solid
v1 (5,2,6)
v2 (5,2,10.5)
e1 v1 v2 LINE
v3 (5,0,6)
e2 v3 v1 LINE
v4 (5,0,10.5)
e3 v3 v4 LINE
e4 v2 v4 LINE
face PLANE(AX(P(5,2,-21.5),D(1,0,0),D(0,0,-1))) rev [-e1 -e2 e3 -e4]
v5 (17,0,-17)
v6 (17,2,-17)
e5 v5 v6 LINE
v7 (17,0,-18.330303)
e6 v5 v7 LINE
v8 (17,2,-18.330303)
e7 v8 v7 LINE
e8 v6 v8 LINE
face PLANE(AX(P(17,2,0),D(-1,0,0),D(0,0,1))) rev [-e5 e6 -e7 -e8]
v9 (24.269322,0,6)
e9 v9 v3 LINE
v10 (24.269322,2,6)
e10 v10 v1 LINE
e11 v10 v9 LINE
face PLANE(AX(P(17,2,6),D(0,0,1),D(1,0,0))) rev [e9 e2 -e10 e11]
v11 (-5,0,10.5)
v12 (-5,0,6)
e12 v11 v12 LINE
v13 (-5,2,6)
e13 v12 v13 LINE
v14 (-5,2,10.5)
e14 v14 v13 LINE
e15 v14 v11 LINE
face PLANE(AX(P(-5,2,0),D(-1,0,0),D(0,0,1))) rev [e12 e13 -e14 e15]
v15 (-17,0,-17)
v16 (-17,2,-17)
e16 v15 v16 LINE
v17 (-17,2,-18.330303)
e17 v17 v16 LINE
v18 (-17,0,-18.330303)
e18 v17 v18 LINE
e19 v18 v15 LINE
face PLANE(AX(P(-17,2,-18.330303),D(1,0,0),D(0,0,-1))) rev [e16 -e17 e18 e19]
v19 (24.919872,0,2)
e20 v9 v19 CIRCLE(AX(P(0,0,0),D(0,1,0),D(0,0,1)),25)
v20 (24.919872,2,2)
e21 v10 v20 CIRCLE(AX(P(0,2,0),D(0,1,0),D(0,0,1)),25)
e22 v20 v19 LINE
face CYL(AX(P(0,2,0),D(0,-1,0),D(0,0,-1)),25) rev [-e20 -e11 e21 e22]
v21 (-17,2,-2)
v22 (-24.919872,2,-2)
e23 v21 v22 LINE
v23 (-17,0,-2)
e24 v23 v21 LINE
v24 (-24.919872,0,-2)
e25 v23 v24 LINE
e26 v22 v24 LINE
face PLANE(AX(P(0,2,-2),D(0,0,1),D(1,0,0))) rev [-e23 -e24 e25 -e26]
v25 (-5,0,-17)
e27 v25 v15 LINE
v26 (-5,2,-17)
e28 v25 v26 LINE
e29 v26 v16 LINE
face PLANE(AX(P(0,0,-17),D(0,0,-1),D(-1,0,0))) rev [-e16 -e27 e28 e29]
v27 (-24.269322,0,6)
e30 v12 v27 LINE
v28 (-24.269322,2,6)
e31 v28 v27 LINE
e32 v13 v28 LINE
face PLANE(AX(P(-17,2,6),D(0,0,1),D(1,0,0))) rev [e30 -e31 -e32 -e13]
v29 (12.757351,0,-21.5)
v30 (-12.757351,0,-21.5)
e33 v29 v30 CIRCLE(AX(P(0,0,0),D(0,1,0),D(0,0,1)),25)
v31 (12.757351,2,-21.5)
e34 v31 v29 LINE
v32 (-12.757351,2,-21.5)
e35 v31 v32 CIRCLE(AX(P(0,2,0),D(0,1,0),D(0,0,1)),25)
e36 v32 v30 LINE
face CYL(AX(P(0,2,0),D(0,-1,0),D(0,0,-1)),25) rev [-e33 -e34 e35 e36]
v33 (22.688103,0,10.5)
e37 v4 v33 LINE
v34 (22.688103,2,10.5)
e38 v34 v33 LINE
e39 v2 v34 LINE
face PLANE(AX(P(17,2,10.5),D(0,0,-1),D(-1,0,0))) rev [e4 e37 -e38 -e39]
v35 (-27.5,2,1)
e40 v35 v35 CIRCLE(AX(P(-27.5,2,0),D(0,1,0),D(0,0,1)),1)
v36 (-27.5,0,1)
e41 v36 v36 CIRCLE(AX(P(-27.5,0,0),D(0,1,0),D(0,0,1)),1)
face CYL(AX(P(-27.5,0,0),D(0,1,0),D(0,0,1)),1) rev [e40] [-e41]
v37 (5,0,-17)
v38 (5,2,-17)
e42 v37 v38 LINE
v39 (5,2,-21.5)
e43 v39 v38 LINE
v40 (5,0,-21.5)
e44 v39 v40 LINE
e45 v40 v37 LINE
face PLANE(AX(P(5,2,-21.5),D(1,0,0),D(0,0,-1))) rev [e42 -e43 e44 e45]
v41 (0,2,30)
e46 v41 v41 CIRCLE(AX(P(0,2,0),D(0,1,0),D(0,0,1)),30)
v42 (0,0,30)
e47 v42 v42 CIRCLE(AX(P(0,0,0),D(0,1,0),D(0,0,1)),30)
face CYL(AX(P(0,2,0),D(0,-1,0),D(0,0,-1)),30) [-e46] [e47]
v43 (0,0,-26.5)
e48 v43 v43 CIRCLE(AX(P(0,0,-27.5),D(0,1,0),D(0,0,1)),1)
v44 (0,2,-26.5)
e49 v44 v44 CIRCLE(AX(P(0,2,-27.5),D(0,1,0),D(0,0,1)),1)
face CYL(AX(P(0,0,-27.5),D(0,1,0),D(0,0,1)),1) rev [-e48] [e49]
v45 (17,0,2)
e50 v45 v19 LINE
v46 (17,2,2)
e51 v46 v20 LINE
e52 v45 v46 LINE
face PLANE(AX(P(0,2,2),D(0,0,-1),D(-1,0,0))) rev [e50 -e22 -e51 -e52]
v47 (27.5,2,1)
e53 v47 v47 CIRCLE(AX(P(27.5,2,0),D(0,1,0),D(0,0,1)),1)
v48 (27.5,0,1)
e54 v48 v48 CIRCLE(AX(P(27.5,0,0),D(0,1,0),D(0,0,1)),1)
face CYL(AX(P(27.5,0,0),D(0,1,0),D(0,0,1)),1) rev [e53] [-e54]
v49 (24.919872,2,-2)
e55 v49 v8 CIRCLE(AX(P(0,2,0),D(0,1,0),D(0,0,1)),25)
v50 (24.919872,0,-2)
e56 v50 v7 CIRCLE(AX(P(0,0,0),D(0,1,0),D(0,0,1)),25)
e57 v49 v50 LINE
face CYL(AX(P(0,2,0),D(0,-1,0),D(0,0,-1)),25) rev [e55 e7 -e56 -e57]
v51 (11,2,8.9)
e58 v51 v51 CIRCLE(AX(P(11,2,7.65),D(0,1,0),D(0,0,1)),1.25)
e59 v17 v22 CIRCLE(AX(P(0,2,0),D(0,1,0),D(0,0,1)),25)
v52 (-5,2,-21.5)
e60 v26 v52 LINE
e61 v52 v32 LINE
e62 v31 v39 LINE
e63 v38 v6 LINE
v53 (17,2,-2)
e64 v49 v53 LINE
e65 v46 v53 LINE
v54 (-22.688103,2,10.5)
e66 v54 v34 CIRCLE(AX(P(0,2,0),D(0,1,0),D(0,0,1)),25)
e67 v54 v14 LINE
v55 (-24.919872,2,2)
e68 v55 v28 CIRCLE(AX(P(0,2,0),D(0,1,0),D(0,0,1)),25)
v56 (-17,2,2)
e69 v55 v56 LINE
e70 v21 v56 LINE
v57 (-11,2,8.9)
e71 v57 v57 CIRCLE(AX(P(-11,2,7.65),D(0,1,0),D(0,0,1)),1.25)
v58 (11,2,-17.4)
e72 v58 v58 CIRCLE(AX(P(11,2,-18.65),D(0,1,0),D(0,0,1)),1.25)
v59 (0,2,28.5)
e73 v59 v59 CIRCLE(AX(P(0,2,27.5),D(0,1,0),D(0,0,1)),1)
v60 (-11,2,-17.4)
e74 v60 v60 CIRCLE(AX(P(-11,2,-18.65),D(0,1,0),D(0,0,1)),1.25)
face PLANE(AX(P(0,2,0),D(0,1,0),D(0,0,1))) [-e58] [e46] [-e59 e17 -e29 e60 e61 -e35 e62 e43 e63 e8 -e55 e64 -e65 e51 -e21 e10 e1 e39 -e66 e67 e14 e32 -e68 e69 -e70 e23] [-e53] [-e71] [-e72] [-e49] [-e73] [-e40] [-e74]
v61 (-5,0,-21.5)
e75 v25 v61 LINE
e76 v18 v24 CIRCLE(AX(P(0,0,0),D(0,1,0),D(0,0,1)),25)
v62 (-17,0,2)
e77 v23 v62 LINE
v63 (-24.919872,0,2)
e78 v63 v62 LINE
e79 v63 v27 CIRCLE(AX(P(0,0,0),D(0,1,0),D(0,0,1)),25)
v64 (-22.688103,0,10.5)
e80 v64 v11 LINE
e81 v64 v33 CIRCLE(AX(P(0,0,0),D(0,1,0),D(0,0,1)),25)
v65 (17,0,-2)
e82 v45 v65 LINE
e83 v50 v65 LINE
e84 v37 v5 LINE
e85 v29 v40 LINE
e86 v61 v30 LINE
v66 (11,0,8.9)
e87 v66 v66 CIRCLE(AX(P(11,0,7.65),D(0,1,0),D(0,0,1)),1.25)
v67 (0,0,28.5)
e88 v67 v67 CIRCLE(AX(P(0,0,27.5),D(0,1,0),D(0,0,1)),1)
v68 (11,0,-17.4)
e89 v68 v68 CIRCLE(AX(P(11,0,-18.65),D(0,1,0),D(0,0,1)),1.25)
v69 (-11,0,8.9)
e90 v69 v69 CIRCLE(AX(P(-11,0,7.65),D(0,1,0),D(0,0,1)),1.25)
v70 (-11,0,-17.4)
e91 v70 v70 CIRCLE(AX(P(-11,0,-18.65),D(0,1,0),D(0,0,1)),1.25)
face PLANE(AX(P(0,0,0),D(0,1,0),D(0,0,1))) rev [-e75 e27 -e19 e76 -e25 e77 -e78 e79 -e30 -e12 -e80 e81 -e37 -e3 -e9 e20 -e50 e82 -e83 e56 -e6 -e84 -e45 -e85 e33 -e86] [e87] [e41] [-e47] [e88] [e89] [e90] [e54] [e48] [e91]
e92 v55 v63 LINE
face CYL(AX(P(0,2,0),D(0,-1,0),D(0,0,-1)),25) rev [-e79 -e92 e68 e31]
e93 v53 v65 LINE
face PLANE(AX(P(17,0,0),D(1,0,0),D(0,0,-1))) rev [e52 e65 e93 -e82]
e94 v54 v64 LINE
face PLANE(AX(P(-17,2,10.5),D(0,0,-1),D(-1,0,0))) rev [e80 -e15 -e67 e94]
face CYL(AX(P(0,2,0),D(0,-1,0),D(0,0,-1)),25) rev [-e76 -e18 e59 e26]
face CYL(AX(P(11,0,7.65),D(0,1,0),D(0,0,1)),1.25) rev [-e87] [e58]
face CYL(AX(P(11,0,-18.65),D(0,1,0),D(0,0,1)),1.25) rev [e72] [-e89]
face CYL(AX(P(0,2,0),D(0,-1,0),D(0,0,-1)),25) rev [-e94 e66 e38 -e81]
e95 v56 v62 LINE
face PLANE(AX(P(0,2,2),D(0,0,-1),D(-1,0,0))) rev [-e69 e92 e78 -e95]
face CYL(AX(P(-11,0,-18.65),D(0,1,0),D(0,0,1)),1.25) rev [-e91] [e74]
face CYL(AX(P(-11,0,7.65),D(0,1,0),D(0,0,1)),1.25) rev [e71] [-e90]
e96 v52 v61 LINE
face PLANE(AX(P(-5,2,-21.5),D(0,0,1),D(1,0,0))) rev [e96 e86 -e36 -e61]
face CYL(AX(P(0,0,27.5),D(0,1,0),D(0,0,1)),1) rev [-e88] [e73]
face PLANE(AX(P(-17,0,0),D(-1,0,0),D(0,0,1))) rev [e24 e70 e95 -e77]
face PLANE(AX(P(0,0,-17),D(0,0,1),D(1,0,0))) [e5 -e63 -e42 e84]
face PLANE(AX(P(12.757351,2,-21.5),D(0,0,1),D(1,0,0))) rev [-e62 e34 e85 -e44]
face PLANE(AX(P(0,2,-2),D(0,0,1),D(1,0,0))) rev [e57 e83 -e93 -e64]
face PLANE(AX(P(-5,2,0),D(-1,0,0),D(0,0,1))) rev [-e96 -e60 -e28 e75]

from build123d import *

# Parameters (mm, degrees)
SKETCH1_R           = 30
SKETCH1_R_2         = 25
BOSS_EXTRUDE1_DEPTH = 2
SKETCH2_R           = 1
CUT_EXTRUDE1_DEPTH  = 43.473521163
BOSS_EXTRUDE2_DEPTH = 2
BOSS_EXTRUDE3_DEPTH = 2
CUT_EXTRUDE2_DEPTH  = 2
BOSS_EXTRUDE4_DEPTH = 2
SKETCH16_R          = 1.25
CUT_EXTRUDE3_DEPTH  = 2


with BuildPart() as part:
    # Sketch1 → Boss-Extrude1 (new body)
    with BuildSketch(Plane(origin=(0, 0, 0), x_dir=(1, 0, 0), z_dir=(0, 1, 0))):
        with Locations(Location((0, 0, 0), (0, 0, 270))):
            Circle(SKETCH1_R)
        with Locations(Location((0, 0, 0), (0, 0, 270))):
            Circle(SKETCH1_R_2, mode=Mode.SUBTRACT)
    extrude(amount=BOSS_EXTRUDE1_DEPTH)

    # Sketch2 → Cut-Extrude1 (cut, through all)
    with BuildSketch(Plane(origin=(0, 2, 0), x_dir=(1, 0, 0), z_dir=(0, 1, 0))):
        with Locations(Location((0, 27.5, 0), (0, 0, 270))):
            Circle(SKETCH2_R)
        with Locations(Location((27.5, 0, 0), (0, 0, 270))):
            Circle(SKETCH2_R)
        with Locations(Location((0, -27.5, 0), (0, 0, 270))):
            Circle(SKETCH2_R)
        with Locations(Location((-27.5, 0, 0), (0, 0, 270))):
            Circle(SKETCH2_R)
    extrude(amount=-CUT_EXTRUDE1_DEPTH, mode=Mode.SUBTRACT)

    # Sketch3 → Boss-Extrude2 (add)
    with BuildSketch(Plane(origin=(0, 0, 0), x_dir=(1, 0, 0), z_dir=(0, 1, 0))):
        with BuildLine():
            Line((-24.919871589, -2), (0, -2))
            Line((0, -2), (24.919871589, -2))
            ThreePointArc((24.919871589, -2), (25, 0), (24.919871589, 2))
            Line((24.919871589, 2), (-24.919871589, 2))
            ThreePointArc((-24.919871589, 2), (-25, 0), (-24.919871589, -2))
        make_face()
    extrude(amount=BOSS_EXTRUDE2_DEPTH)

    # Sketch13 → Boss-Extrude3 (add)
    with BuildSketch(Plane(origin=(0, 0, 0), x_dir=(1, 0, 0), z_dir=(0, 1, 0))):
        with BuildLine():
            Line((17, 0), (17, 18.33030278))
            ThreePointArc((17, 18.33030278), (14.962844887, 20.027812484), (12.757350822, 21.5))
            Line((12.757350822, 21.5), (5, 21.5))
            Line((5, 21.5), (5, -10.5))
            Line((5, -10.5), (17, -10.5))
            Line((17, -10.5), (17, 0))
        make_face()
        with BuildLine():
            Line((-5, 0), (-5, 21.5))
            Line((-5, 21.5), (-12.757350822, 21.5))
            ThreePointArc((-12.757350822, 21.5), (-14.962844887, 20.027812484), (-17, 18.33030278))
            Line((-17, 18.33030278), (-17, -10.5))
            Line((-17, -10.5), (-5, -10.5))
            Line((-5, -10.5), (-5, 0))
        make_face()
    extrude(amount=BOSS_EXTRUDE3_DEPTH)

    # Sketch14 → Cut-Extrude2 (cut)
    with BuildSketch(Plane(origin=(0, 2, 0), x_dir=(1, 0, 0), z_dir=(0, 1, 0))):
        Polygon((17, 0), (5, 0), (5, -2), (5, -6), (17, -6), (17, -2), align=None)
        Polygon((5, 2), (5, 0), (17, 0), (17, 2), (17, 17), (5, 17), align=None)
        Polygon((5, 0), (0, 0), (-5, 0), (-5, -2), (5, -2), align=None)
        Polygon((-5, 0), (0, 0), (5, 0), (5, 2), (-5, 2), align=None)
        Polygon((-17, 0), (-5, 0), (-5, 2), (-5, 17), (-17, 17), (-17, 2), align=None)
        Polygon((-5, -2), (-5, 0), (-17, 0), (-17, -2), (-17, -6), (-5, -6), align=None)
    extrude(amount=-CUT_EXTRUDE2_DEPTH, mode=Mode.SUBTRACT)


with BuildPart() as cut_extrude2_piece_1:
    # of the separate pieces the step leaves, piece 1, a body of its own (cut_extrude2_pieces)
    add(part.part.solids().sort_by_distance((0, 0, 30))[0])



with BuildPart() as cut_extrude2_piece_2:
    # of the separate pieces the step leaves, piece 2, a body of its own (cut_extrude2_pieces)
    add(part.part.solids().sort_by_distance((-17, 0, 6))[0])


with BuildPart() as cut_extrude2_piece_3:
    # of the separate pieces the step leaves, piece 3, a body of its own (cut_extrude2_pieces)
    add(part.part.solids().sort_by_distance((17, 0, 10.5))[0])


with BuildPart() as cut_extrude2_piece_1_1:
    add(cut_extrude2_piece_1.part)

    add(cut_extrude2_piece_2.part)  # Boss-Extrude4 merges Cut-Extrude2 piece 2

    add(cut_extrude2_piece_3.part)  # Boss-Extrude4 merges Cut-Extrude2 piece 3
    # Sketch15 → Boss-Extrude4 (add)
    with BuildSketch(Plane(origin=(0, 0, 0), x_dir=(1, 0, 0), z_dir=(0, 1, 0))):
        with BuildLine():
            Line((17, -6), (24.269322199, -6))
            ThreePointArc((24.269322199, -6), (23.586276437, -8.287796079), (22.688102609, -10.5))
            Line((22.688102609, -10.5), (17, -10.5))
            Line((17, -10.5), (17, -6))
        make_face()
        with BuildLine():
            Line((-17, -6), (-24.269322199, -6))
            ThreePointArc((-24.269322199, -6), (-23.586276437, -8.287796079), (-22.688102609, -10.5))
            Line((-22.688102609, -10.5), (-17, -10.5))
            Line((-17, -10.5), (-17, -6))
        make_face()
    extrude(amount=BOSS_EXTRUDE4_DEPTH)

    # Sketch16 → Cut-Extrude3 (cut)
    with BuildSketch(Plane(origin=(0, 2, 0), x_dir=(1, 0, 0), z_dir=(0, 1, 0))):
        with Locations(Location((11, 18.65, 0), (0, 0, 270))):
            Circle(SKETCH16_R)
        with Locations(Location((11, -7.65, 0), (0, 0, 270))):
            Circle(SKETCH16_R)
        with Locations(Location((-11, -7.65, 0), (0, 0, 270))):
            Circle(SKETCH16_R)
        with Locations(Location((-11, 18.65, 0), (0, 0, 270))):
            Circle(SKETCH16_R)
    extrude(amount=-CUT_EXTRUDE3_DEPTH, mode=Mode.SUBTRACT)


solid = cut_extrude2_piece_1_1.part
